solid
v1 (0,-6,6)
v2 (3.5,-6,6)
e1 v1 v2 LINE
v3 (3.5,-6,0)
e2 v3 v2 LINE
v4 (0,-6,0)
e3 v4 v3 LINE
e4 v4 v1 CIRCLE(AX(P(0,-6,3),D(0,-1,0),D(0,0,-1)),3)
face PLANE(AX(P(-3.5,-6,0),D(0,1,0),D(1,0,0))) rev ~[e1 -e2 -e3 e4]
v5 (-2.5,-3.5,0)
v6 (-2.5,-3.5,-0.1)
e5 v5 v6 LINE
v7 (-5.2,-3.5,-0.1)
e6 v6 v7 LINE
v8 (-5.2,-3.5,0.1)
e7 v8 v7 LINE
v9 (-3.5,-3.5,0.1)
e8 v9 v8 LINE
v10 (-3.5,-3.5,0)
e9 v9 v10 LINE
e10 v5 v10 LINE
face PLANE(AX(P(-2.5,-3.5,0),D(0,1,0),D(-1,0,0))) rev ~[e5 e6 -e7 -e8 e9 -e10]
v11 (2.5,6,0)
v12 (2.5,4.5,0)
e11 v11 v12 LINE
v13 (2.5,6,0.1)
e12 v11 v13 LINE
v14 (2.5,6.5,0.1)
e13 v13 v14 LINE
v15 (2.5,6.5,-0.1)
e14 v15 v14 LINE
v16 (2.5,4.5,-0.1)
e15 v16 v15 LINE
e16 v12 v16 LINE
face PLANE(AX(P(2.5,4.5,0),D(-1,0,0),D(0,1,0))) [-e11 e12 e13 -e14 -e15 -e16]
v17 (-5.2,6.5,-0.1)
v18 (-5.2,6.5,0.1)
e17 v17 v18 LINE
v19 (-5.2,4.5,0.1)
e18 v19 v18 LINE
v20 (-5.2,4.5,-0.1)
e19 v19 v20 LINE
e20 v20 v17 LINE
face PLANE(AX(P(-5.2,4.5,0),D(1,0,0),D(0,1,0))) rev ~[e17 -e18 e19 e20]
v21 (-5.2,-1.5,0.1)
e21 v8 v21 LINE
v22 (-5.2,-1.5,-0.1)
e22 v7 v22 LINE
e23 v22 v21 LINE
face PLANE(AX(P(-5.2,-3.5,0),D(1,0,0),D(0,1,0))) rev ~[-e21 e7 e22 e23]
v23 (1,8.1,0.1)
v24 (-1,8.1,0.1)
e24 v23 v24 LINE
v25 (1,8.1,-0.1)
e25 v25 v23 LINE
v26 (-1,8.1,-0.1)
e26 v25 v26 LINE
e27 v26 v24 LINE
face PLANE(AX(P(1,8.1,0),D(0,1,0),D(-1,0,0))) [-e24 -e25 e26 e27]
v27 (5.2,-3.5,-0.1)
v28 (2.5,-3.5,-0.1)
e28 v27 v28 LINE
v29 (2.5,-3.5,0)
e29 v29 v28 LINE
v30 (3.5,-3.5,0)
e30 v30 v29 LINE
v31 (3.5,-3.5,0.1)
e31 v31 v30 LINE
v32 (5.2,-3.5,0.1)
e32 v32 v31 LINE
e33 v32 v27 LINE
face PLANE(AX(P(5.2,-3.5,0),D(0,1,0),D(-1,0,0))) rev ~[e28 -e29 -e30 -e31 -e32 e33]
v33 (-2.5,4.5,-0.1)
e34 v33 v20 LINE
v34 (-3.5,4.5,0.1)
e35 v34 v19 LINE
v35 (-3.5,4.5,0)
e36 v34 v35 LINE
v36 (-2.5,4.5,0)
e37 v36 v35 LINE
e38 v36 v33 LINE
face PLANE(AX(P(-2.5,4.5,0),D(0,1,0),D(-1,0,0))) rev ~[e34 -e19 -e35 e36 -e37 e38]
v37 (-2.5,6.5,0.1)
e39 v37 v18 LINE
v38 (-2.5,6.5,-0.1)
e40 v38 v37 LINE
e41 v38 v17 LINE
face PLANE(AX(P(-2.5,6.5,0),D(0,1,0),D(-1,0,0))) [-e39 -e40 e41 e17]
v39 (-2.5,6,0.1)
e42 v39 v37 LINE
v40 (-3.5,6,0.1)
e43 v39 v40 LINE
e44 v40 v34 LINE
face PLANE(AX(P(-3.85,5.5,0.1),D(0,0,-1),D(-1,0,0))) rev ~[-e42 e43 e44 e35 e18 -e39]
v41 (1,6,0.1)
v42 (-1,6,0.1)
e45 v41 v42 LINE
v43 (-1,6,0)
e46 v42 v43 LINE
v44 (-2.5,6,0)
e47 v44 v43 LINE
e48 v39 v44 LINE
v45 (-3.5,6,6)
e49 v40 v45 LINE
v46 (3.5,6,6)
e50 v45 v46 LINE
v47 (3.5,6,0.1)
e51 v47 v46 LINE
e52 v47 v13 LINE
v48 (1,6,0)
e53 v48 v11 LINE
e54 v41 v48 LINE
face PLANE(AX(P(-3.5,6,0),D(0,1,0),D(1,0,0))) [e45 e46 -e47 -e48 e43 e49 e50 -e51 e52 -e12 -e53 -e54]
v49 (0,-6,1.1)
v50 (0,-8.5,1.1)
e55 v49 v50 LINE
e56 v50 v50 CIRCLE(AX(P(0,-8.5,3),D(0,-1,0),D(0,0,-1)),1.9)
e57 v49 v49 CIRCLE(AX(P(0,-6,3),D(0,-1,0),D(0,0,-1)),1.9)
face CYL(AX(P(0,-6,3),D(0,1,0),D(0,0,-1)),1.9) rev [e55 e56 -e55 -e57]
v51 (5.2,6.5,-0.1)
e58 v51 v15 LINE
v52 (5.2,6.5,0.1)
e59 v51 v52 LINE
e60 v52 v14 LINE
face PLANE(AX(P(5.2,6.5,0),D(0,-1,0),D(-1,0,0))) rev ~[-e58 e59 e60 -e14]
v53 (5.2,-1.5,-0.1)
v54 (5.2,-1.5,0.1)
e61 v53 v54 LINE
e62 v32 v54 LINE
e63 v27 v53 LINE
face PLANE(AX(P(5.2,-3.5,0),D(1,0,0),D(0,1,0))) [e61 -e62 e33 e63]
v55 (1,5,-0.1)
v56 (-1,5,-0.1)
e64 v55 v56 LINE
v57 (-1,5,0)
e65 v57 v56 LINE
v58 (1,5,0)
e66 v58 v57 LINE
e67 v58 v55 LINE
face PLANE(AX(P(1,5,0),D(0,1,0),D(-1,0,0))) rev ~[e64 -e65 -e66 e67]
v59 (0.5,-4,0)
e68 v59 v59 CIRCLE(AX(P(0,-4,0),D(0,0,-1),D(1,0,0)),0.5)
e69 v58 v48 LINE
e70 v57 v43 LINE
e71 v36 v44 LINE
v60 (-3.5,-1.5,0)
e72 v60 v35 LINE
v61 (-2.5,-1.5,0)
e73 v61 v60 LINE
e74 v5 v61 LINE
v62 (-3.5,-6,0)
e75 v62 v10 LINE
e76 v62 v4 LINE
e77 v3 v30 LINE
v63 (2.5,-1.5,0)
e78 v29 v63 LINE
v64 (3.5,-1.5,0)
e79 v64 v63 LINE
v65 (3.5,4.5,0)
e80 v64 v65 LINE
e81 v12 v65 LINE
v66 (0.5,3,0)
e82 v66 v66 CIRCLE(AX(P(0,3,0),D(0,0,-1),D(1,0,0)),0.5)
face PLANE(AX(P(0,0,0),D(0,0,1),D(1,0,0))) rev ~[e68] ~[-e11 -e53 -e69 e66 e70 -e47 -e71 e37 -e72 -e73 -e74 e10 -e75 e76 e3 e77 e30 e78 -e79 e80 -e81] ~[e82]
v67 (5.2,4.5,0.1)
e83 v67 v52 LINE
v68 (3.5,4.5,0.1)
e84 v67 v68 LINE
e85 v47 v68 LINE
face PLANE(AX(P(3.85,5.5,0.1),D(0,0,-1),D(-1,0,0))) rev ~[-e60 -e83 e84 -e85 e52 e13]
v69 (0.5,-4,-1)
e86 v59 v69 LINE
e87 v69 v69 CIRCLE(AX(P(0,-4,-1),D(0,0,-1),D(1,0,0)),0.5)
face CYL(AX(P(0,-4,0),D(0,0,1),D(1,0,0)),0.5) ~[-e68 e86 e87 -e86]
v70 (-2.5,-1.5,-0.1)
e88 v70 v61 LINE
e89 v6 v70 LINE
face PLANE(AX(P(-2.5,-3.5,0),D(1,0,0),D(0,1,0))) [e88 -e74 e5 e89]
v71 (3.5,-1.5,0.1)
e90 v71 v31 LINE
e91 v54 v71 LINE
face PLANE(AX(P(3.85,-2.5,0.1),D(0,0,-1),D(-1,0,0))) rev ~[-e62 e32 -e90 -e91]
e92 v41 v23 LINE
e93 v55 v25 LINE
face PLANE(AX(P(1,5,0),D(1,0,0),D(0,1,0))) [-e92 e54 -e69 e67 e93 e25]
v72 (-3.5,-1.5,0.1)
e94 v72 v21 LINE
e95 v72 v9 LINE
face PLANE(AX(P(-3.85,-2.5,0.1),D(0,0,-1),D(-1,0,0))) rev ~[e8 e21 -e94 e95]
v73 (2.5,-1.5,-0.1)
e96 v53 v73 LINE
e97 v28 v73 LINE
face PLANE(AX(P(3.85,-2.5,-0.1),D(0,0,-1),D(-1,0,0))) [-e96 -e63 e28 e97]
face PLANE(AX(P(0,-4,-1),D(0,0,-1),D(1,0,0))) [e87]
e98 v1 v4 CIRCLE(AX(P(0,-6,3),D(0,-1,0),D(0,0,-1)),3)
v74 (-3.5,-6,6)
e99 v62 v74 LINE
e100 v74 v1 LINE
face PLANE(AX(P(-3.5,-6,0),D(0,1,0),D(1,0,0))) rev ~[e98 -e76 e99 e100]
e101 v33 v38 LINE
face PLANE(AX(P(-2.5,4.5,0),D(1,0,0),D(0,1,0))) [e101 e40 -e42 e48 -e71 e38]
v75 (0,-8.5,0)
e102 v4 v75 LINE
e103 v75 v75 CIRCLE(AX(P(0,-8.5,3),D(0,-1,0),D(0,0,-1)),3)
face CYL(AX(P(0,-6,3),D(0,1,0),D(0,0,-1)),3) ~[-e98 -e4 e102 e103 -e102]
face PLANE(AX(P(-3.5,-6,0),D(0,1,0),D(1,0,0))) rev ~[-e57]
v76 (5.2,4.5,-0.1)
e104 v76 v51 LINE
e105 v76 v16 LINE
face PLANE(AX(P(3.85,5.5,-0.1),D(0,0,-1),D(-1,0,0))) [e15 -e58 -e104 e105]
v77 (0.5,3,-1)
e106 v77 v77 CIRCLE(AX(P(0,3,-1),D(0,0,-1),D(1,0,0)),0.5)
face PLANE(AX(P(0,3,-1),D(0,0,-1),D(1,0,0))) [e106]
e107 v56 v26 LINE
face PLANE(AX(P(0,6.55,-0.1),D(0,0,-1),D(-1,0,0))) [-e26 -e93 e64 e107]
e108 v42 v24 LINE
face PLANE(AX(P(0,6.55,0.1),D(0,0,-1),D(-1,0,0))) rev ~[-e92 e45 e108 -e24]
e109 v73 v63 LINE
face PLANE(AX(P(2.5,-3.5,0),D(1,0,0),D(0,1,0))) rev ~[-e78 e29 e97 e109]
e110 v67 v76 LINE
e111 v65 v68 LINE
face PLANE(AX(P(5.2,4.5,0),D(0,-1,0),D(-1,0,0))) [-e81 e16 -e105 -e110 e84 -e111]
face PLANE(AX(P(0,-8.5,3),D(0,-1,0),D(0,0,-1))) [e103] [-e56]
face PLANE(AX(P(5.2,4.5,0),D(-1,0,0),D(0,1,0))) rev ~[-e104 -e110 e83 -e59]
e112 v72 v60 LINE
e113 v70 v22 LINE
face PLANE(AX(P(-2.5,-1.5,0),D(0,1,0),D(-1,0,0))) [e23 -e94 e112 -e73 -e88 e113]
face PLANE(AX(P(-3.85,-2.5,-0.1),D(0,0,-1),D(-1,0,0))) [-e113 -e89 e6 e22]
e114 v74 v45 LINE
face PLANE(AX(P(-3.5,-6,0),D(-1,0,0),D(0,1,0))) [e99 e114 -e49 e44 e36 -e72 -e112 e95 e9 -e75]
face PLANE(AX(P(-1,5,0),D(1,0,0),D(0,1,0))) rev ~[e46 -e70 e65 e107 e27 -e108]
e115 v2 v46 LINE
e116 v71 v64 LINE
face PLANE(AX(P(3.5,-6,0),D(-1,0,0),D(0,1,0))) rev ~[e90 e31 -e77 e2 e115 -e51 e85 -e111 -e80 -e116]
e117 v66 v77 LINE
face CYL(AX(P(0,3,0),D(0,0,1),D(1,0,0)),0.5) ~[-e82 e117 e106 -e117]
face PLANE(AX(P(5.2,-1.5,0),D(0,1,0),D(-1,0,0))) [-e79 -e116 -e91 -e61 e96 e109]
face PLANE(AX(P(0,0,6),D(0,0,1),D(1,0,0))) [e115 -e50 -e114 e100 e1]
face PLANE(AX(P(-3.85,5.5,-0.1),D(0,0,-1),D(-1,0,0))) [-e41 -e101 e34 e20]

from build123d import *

# Parameters (mm, degrees)
SKETCH1_W           = 7
SKETCH1_H           = 12
BOSS_EXTRUDE1_DEPTH = 6
SKETCH2_R           = 3
SKETCH2_R_2         = 1.9
BOSS_EXTRUDE2_DEPTH = 2.5
SKETCH3_R           = 0.5
BOSS_EXTRUDE3_DEPTH = 1
SKETCH4_W           = 2.7
SKETCH4_H           = 2
SKETCH4_W_2         = 2
SKETCH4_H_2         = 3.1
BOSS_EXTRUDE4_DEPTH = 0.1


with BuildPart() as part:
    # Sketch1 → Boss-Extrude1 (new body)
    with BuildSketch(Plane.XY):
        Rectangle(SKETCH1_W, SKETCH1_H)
    extrude(amount=BOSS_EXTRUDE1_DEPTH)

    # Sketch2 → Boss-Extrude2 (add)
    with BuildSketch(Plane.XZ.offset(6)):
        with Locations((0, 3)):
            Circle(SKETCH2_R)
        with Locations((0, 3)):
            Circle(SKETCH2_R_2, mode=Mode.SUBTRACT)
    extrude(amount=BOSS_EXTRUDE2_DEPTH)

    # Sketch3 → Boss-Extrude3 (add)
    with BuildSketch(Plane(origin=(0, 0, 0), x_dir=(-1, 0, 0), z_dir=(0, 0, -1))):
        with Locations((0, -4)):
            Circle(SKETCH3_R)
        with Locations((0, 3)):
            Circle(SKETCH3_R)
    extrude(amount=BOSS_EXTRUDE3_DEPTH)

    # Sketch4 → Boss-Extrude4 (add, symmetric)
    with BuildSketch(Plane(origin=(0, 0, 0), x_dir=(-1, 0, 0), z_dir=(0, 0, -1))):
        with Locations((3.85, 5.5)):
            Rectangle(SKETCH4_W, SKETCH4_H)
        with Locations((3.85, -2.5)):
            Rectangle(SKETCH4_W, SKETCH4_H)
        with Locations((0, 6.55)):
            Rectangle(SKETCH4_W_2, SKETCH4_H_2)
        with Locations((-3.85, -2.5)):
            Rectangle(SKETCH4_W, SKETCH4_H)
        with Locations((-3.85, 5.5)):
            Rectangle(SKETCH4_W, SKETCH4_H)
    extrude(amount=BOSS_EXTRUDE4_DEPTH, both=True)


solid = part.part
